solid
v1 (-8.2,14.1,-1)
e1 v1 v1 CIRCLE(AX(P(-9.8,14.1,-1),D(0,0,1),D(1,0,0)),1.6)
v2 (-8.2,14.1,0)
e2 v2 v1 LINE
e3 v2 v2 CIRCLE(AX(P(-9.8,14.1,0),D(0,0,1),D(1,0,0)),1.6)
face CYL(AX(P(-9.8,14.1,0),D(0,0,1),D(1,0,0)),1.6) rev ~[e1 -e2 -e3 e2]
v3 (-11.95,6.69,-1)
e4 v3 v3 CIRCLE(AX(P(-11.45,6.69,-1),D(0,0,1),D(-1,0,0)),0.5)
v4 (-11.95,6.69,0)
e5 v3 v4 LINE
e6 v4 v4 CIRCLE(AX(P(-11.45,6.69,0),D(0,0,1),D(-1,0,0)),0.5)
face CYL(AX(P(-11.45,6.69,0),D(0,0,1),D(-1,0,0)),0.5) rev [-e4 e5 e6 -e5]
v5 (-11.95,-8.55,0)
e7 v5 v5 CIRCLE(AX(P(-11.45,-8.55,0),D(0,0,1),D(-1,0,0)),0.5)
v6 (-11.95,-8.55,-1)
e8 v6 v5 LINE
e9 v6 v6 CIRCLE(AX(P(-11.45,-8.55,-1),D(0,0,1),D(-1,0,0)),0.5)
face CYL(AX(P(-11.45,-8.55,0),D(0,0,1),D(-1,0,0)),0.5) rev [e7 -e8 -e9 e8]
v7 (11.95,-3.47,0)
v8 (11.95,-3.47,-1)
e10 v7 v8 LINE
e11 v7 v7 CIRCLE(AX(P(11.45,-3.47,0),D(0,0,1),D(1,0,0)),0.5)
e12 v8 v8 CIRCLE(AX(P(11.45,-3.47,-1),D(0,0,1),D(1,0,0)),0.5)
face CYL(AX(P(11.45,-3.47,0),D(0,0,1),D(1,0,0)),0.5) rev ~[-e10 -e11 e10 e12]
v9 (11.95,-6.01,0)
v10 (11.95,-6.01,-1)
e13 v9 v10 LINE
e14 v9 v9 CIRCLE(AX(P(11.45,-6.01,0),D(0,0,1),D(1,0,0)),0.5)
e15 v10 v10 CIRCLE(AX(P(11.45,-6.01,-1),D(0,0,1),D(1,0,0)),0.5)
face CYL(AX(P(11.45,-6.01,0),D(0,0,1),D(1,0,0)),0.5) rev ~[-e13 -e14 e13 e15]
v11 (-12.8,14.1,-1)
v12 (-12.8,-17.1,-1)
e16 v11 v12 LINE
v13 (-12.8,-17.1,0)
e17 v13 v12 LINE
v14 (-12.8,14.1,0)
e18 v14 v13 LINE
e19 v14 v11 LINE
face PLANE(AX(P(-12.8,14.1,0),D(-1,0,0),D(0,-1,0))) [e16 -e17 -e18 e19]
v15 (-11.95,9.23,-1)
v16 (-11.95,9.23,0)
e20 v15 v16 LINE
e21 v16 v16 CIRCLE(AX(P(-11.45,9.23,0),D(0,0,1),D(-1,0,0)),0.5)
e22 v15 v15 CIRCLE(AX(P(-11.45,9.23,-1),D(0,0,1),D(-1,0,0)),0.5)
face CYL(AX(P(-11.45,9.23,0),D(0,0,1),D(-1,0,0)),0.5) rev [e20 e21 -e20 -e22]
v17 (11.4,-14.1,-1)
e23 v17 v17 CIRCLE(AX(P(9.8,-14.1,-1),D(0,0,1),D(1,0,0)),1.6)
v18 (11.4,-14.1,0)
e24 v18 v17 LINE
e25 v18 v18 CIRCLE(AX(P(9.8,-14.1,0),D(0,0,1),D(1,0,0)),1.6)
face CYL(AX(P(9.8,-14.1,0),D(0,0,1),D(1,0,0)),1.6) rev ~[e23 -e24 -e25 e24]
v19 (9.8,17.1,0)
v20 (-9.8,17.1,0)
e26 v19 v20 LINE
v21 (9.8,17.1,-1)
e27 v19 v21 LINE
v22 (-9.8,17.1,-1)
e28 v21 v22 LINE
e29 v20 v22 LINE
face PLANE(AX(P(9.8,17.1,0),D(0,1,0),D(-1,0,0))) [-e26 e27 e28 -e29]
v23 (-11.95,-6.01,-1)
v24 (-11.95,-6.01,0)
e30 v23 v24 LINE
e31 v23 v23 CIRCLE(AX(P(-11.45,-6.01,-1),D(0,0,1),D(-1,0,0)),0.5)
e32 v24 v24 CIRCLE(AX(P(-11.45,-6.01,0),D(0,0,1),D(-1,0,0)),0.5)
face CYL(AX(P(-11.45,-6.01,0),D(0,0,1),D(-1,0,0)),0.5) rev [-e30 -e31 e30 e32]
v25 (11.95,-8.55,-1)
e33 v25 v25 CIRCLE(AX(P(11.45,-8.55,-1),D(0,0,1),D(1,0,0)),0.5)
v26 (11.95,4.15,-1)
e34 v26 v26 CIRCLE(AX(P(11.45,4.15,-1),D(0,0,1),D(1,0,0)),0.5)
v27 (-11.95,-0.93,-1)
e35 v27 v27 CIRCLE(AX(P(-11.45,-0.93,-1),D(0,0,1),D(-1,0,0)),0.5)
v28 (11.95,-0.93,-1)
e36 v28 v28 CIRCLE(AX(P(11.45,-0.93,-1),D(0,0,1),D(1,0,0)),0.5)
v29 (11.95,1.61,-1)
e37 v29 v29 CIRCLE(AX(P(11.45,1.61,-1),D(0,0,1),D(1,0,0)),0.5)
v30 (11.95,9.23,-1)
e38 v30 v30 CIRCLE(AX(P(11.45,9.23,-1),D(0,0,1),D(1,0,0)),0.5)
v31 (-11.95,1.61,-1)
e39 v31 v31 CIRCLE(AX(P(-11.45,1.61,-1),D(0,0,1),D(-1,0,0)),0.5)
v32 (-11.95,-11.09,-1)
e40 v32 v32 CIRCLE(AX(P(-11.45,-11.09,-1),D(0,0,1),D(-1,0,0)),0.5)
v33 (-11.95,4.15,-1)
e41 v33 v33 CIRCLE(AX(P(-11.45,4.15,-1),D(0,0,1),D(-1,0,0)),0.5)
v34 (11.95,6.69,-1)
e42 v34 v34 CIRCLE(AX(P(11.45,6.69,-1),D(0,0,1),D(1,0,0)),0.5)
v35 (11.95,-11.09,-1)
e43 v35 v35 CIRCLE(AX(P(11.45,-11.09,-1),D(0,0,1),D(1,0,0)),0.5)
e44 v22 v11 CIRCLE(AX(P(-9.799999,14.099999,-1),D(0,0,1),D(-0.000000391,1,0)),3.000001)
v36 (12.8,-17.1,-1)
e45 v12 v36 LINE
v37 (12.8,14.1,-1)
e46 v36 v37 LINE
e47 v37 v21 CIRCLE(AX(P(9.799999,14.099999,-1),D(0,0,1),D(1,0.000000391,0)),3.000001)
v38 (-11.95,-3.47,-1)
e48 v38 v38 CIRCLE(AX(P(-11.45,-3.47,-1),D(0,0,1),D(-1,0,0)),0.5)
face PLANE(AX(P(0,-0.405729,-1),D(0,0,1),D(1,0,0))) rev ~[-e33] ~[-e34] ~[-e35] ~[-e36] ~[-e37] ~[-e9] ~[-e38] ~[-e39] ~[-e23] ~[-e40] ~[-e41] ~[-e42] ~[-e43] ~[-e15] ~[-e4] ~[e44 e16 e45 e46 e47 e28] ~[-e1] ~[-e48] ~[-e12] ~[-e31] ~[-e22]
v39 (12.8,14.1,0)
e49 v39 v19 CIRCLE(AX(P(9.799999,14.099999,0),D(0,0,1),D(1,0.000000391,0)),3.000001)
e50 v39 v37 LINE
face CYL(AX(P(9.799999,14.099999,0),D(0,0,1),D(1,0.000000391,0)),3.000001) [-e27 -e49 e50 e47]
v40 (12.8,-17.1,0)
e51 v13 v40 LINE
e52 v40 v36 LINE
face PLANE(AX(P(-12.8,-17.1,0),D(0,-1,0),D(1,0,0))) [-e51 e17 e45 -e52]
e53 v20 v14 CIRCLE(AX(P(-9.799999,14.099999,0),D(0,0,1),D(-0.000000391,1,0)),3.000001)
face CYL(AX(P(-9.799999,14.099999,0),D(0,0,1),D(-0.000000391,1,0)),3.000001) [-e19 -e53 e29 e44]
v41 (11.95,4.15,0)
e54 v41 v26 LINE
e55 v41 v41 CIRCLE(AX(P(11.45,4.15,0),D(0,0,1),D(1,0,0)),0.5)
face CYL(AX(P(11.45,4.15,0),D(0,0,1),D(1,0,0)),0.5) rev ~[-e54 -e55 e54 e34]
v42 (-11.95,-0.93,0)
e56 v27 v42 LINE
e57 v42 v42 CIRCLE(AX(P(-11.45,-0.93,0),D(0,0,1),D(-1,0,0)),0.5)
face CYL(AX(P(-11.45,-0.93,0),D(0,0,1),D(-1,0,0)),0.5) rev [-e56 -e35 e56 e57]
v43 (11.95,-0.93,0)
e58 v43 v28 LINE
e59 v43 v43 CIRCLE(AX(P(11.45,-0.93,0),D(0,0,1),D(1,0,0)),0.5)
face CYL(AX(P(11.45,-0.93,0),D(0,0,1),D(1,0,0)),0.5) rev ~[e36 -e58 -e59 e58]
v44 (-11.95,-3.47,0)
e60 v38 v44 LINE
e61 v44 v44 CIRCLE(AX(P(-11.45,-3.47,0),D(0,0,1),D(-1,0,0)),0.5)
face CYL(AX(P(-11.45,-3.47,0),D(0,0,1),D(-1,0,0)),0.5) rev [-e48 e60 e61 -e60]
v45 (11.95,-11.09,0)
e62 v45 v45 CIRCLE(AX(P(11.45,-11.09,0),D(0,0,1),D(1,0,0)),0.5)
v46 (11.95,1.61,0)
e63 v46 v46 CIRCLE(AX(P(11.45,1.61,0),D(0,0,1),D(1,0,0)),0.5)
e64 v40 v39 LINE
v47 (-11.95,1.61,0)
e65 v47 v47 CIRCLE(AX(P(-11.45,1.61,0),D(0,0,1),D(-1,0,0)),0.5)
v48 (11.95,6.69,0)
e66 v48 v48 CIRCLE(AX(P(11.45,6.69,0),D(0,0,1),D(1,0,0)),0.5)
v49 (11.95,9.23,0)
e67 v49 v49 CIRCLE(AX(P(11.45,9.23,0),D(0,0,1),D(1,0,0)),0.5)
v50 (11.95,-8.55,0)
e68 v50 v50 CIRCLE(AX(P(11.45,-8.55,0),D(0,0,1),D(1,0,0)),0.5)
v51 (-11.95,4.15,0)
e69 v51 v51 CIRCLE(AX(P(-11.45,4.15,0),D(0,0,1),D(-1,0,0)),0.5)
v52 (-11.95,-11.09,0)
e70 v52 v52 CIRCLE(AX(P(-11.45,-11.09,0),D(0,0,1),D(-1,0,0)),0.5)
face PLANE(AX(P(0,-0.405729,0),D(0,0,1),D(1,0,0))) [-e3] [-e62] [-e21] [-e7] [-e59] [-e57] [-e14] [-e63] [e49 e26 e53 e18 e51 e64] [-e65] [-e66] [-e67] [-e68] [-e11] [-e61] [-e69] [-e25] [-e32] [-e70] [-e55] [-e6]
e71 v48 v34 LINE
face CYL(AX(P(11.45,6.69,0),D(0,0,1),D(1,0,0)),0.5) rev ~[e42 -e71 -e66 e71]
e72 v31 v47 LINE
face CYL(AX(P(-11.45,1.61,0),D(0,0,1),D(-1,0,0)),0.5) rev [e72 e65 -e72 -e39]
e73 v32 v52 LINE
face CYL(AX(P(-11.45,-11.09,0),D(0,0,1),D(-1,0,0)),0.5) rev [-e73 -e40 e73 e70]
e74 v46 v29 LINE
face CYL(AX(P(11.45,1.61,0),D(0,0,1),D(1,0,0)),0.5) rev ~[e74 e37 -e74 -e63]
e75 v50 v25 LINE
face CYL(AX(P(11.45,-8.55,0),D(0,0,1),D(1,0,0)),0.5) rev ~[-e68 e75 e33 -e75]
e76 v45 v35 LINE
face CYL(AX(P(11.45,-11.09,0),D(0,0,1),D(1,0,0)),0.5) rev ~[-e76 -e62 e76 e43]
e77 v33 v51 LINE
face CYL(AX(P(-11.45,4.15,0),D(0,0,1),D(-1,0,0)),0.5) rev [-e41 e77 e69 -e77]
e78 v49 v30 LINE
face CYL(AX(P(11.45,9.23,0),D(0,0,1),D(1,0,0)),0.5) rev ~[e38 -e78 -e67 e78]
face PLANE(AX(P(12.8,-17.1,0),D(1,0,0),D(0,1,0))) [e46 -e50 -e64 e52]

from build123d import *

# Parameters (mm, degrees)
SKETCH111_R                             = 1.6
PAD019_DEPTH                            = 1
SKETCH120_R                             = 0.5
POCKET029_DEPTH                         = 86.464442
POCKET029_DEPTH_BACK                    = 85.464442
SKETCH120_LINEARPATTERN008_2_R          = 0.5
POCKET029_LINEARPATTERN008_2_DEPTH      = 86.464442
POCKET029_LINEARPATTERN008_2_DEPTH_BACK = 85.464442
SKETCH120_LINEARPATTERN008_3_R          = 0.5
POCKET029_LINEARPATTERN008_3_DEPTH      = 86.464442
POCKET029_LINEARPATTERN008_3_DEPTH_BACK = 85.464442
SKETCH120_LINEARPATTERN008_4_R          = 0.5
POCKET029_LINEARPATTERN008_4_DEPTH      = 86.464442
POCKET029_LINEARPATTERN008_4_DEPTH_BACK = 85.464442
SKETCH120_LINEARPATTERN008_5_R          = 0.5
POCKET029_LINEARPATTERN008_5_DEPTH      = 86.464442
POCKET029_LINEARPATTERN008_5_DEPTH_BACK = 85.464442
SKETCH120_LINEARPATTERN008_6_R          = 0.5
POCKET029_LINEARPATTERN008_6_DEPTH      = 86.464442
POCKET029_LINEARPATTERN008_6_DEPTH_BACK = 85.464442
SKETCH120_LINEARPATTERN008_7_R          = 0.5
POCKET029_LINEARPATTERN008_7_DEPTH      = 86.464442
POCKET029_LINEARPATTERN008_7_DEPTH_BACK = 85.464442
SKETCH120_LINEARPATTERN008_8_R          = 0.5
POCKET029_LINEARPATTERN008_8_DEPTH      = 86.464442
POCKET029_LINEARPATTERN008_8_DEPTH_BACK = 85.464442
SKETCH120_LINEARPATTERN008_9_R          = 0.5
POCKET029_LINEARPATTERN008_9_DEPTH      = 86.464442
POCKET029_LINEARPATTERN008_9_DEPTH_BACK = 85.464442


with BuildPart() as part:
    # Sketch111 → Pad019 (new body)
    with BuildSketch(Plane.XY):
        with BuildLine():
            Line((9.8, 17.1), (-9.8, 17.1))
            ThreePointArc((-9.8, 17.1), (-11.92132, 16.22132), (-12.8, 14.1))
            Line((-12.8, 14.1), (-12.8, -17.1))
            Line((-12.8, -17.1), (12.8, -17.1))
            Line((12.8, -17.1), (12.8, 14.1))
            ThreePointArc((12.8, 14.1), (11.92132, 16.22132), (9.8, 17.1))
        make_face()
        with Locations((-9.8, 14.1)):
            Circle(SKETCH111_R, mode=Mode.SUBTRACT)
        with Locations((9.8, -14.1)):
            Circle(SKETCH111_R, mode=Mode.SUBTRACT)
    extrude(amount=-PAD019_DEPTH)

    # Sketch120 → Pocket029 (cut, two sides)
    with BuildSketch(Plane.XY) as pocket029_sk:
        with Locations((11.45, -11.09)):
            Circle(SKETCH120_R)
    pocket029 = extrude(amount=-POCKET029_DEPTH, mode=Mode.SUBTRACT) + extrude(pocket029_sk.sketch, amount=POCKET029_DEPTH_BACK, mode=Mode.SUBTRACT)

    # Sketch120 LinearPattern008 2 → Pocket029 LinearPattern008 2 (cut, two sides)
    with BuildSketch(Plane(origin=(0, 2.54, 0), x_dir=(1, 0, 0), z_dir=(0, 0, 1))) as pocket029_linearpattern008_2_sk:
        with Locations((11.45, -11.09)):
            Circle(SKETCH120_LINEARPATTERN008_2_R)
    pocket029_linearpattern008_2 = extrude(amount=-POCKET029_LINEARPATTERN008_2_DEPTH, mode=Mode.SUBTRACT) + extrude(pocket029_linearpattern008_2_sk.sketch, amount=POCKET029_LINEARPATTERN008_2_DEPTH_BACK, mode=Mode.SUBTRACT)

    # Sketch120 LinearPattern008 3 → Pocket029 LinearPattern008 3 (cut, two sides)
    with BuildSketch(Plane(origin=(0, 5.08, 0), x_dir=(1, 0, 0), z_dir=(0, 0, 1))) as pocket029_linearpattern008_3_sk:
        with Locations((11.45, -11.09)):
            Circle(SKETCH120_LINEARPATTERN008_3_R)
    pocket029_linearpattern008_3 = extrude(amount=-POCKET029_LINEARPATTERN008_3_DEPTH, mode=Mode.SUBTRACT) + extrude(pocket029_linearpattern008_3_sk.sketch, amount=POCKET029_LINEARPATTERN008_3_DEPTH_BACK, mode=Mode.SUBTRACT)

    # Sketch120 LinearPattern008 4 → Pocket029 LinearPattern008 4 (cut, two sides)
    with BuildSketch(Plane(origin=(0, 7.62, 0), x_dir=(1, 0, 0), z_dir=(0, 0, 1))) as pocket029_linearpattern008_4_sk:
        with Locations((11.45, -11.09)):
            Circle(SKETCH120_LINEARPATTERN008_4_R)
    pocket029_linearpattern008_4 = extrude(amount=-POCKET029_LINEARPATTERN008_4_DEPTH, mode=Mode.SUBTRACT) + extrude(pocket029_linearpattern008_4_sk.sketch, amount=POCKET029_LINEARPATTERN008_4_DEPTH_BACK, mode=Mode.SUBTRACT)

    # Sketch120 LinearPattern008 5 → Pocket029 LinearPattern008 5 (cut, two sides)
    with BuildSketch(Plane(origin=(0, 10.16, 0), x_dir=(1, 0, 0), z_dir=(0, 0, 1))) as pocket029_linearpattern008_5_sk:
        with Locations((11.45, -11.09)):
            Circle(SKETCH120_LINEARPATTERN008_5_R)
    pocket029_linearpattern008_5 = extrude(amount=-POCKET029_LINEARPATTERN008_5_DEPTH, mode=Mode.SUBTRACT) + extrude(pocket029_linearpattern008_5_sk.sketch, amount=POCKET029_LINEARPATTERN008_5_DEPTH_BACK, mode=Mode.SUBTRACT)

    # Sketch120 LinearPattern008 6 → Pocket029 LinearPattern008 6 (cut, two sides)
    with BuildSketch(Plane(origin=(0, 12.7, 0), x_dir=(1, 0, 0), z_dir=(0, 0, 1))) as pocket029_linearpattern008_6_sk:
        with Locations((11.45, -11.09)):
            Circle(SKETCH120_LINEARPATTERN008_6_R)
    pocket029_linearpattern008_6 = extrude(amount=-POCKET029_LINEARPATTERN008_6_DEPTH, mode=Mode.SUBTRACT) + extrude(pocket029_linearpattern008_6_sk.sketch, amount=POCKET029_LINEARPATTERN008_6_DEPTH_BACK, mode=Mode.SUBTRACT)

    # Sketch120 LinearPattern008 7 → Pocket029 LinearPattern008 7 (cut, two sides)
    with BuildSketch(Plane(origin=(0, 15.24, 0), x_dir=(1, 0, 0), z_dir=(0, 0, 1))) as pocket029_linearpattern008_7_sk:
        with Locations((11.45, -11.09)):
            Circle(SKETCH120_LINEARPATTERN008_7_R)
    pocket029_linearpattern008_7 = extrude(amount=-POCKET029_LINEARPATTERN008_7_DEPTH, mode=Mode.SUBTRACT) + extrude(pocket029_linearpattern008_7_sk.sketch, amount=POCKET029_LINEARPATTERN008_7_DEPTH_BACK, mode=Mode.SUBTRACT)

    # Sketch120 LinearPattern008 8 → Pocket029 LinearPattern008 8 (cut, two sides)
    with BuildSketch(Plane(origin=(0, 17.78, 0), x_dir=(1, 0, 0), z_dir=(0, 0, 1))) as pocket029_linearpattern008_8_sk:
        with Locations((11.45, -11.09)):
            Circle(SKETCH120_LINEARPATTERN008_8_R)
    pocket029_linearpattern008_8 = extrude(amount=-POCKET029_LINEARPATTERN008_8_DEPTH, mode=Mode.SUBTRACT) + extrude(pocket029_linearpattern008_8_sk.sketch, amount=POCKET029_LINEARPATTERN008_8_DEPTH_BACK, mode=Mode.SUBTRACT)

    # Sketch120 LinearPattern008 9 → Pocket029 LinearPattern008 9 (cut, two sides)
    with BuildSketch(Plane(origin=(0, 20.32, 0), x_dir=(1, 0, 0), z_dir=(0, 0, 1))) as pocket029_linearpattern008_9_sk:
        with Locations((11.45, -11.09)):
            Circle(SKETCH120_LINEARPATTERN008_9_R)
    pocket029_linearpattern008_9 = extrude(amount=-POCKET029_LINEARPATTERN008_9_DEPTH, mode=Mode.SUBTRACT) + extrude(pocket029_linearpattern008_9_sk.sketch, amount=POCKET029_LINEARPATTERN008_9_DEPTH_BACK, mode=Mode.SUBTRACT)

    # Mirrored021: Pocket029, Pocket029 LinearPattern008 2, Pocket029 LinearPattern008 3, Pocket029 LinearPattern008 4, Pocket029 LinearPattern008 5, Pocket029 LinearPattern008 6, Pocket029 LinearPattern008 7, Pocket029 LinearPattern008 8, Pocket029 LinearPattern008 9 across YZ
    add(pocket029.mirror(Plane.YZ), mode=Mode.SUBTRACT)
    add(pocket029_linearpattern008_2.mirror(Plane.YZ), mode=Mode.SUBTRACT)
    add(pocket029_linearpattern008_3.mirror(Plane.YZ), mode=Mode.SUBTRACT)
    add(pocket029_linearpattern008_4.mirror(Plane.YZ), mode=Mode.SUBTRACT)
    add(pocket029_linearpattern008_5.mirror(Plane.YZ), mode=Mode.SUBTRACT)
    add(pocket029_linearpattern008_6.mirror(Plane.YZ), mode=Mode.SUBTRACT)
    add(pocket029_linearpattern008_7.mirror(Plane.YZ), mode=Mode.SUBTRACT)
    add(pocket029_linearpattern008_8.mirror(Plane.YZ), mode=Mode.SUBTRACT)
    add(pocket029_linearpattern008_9.mirror(Plane.YZ), mode=Mode.SUBTRACT)


solid = part.part
